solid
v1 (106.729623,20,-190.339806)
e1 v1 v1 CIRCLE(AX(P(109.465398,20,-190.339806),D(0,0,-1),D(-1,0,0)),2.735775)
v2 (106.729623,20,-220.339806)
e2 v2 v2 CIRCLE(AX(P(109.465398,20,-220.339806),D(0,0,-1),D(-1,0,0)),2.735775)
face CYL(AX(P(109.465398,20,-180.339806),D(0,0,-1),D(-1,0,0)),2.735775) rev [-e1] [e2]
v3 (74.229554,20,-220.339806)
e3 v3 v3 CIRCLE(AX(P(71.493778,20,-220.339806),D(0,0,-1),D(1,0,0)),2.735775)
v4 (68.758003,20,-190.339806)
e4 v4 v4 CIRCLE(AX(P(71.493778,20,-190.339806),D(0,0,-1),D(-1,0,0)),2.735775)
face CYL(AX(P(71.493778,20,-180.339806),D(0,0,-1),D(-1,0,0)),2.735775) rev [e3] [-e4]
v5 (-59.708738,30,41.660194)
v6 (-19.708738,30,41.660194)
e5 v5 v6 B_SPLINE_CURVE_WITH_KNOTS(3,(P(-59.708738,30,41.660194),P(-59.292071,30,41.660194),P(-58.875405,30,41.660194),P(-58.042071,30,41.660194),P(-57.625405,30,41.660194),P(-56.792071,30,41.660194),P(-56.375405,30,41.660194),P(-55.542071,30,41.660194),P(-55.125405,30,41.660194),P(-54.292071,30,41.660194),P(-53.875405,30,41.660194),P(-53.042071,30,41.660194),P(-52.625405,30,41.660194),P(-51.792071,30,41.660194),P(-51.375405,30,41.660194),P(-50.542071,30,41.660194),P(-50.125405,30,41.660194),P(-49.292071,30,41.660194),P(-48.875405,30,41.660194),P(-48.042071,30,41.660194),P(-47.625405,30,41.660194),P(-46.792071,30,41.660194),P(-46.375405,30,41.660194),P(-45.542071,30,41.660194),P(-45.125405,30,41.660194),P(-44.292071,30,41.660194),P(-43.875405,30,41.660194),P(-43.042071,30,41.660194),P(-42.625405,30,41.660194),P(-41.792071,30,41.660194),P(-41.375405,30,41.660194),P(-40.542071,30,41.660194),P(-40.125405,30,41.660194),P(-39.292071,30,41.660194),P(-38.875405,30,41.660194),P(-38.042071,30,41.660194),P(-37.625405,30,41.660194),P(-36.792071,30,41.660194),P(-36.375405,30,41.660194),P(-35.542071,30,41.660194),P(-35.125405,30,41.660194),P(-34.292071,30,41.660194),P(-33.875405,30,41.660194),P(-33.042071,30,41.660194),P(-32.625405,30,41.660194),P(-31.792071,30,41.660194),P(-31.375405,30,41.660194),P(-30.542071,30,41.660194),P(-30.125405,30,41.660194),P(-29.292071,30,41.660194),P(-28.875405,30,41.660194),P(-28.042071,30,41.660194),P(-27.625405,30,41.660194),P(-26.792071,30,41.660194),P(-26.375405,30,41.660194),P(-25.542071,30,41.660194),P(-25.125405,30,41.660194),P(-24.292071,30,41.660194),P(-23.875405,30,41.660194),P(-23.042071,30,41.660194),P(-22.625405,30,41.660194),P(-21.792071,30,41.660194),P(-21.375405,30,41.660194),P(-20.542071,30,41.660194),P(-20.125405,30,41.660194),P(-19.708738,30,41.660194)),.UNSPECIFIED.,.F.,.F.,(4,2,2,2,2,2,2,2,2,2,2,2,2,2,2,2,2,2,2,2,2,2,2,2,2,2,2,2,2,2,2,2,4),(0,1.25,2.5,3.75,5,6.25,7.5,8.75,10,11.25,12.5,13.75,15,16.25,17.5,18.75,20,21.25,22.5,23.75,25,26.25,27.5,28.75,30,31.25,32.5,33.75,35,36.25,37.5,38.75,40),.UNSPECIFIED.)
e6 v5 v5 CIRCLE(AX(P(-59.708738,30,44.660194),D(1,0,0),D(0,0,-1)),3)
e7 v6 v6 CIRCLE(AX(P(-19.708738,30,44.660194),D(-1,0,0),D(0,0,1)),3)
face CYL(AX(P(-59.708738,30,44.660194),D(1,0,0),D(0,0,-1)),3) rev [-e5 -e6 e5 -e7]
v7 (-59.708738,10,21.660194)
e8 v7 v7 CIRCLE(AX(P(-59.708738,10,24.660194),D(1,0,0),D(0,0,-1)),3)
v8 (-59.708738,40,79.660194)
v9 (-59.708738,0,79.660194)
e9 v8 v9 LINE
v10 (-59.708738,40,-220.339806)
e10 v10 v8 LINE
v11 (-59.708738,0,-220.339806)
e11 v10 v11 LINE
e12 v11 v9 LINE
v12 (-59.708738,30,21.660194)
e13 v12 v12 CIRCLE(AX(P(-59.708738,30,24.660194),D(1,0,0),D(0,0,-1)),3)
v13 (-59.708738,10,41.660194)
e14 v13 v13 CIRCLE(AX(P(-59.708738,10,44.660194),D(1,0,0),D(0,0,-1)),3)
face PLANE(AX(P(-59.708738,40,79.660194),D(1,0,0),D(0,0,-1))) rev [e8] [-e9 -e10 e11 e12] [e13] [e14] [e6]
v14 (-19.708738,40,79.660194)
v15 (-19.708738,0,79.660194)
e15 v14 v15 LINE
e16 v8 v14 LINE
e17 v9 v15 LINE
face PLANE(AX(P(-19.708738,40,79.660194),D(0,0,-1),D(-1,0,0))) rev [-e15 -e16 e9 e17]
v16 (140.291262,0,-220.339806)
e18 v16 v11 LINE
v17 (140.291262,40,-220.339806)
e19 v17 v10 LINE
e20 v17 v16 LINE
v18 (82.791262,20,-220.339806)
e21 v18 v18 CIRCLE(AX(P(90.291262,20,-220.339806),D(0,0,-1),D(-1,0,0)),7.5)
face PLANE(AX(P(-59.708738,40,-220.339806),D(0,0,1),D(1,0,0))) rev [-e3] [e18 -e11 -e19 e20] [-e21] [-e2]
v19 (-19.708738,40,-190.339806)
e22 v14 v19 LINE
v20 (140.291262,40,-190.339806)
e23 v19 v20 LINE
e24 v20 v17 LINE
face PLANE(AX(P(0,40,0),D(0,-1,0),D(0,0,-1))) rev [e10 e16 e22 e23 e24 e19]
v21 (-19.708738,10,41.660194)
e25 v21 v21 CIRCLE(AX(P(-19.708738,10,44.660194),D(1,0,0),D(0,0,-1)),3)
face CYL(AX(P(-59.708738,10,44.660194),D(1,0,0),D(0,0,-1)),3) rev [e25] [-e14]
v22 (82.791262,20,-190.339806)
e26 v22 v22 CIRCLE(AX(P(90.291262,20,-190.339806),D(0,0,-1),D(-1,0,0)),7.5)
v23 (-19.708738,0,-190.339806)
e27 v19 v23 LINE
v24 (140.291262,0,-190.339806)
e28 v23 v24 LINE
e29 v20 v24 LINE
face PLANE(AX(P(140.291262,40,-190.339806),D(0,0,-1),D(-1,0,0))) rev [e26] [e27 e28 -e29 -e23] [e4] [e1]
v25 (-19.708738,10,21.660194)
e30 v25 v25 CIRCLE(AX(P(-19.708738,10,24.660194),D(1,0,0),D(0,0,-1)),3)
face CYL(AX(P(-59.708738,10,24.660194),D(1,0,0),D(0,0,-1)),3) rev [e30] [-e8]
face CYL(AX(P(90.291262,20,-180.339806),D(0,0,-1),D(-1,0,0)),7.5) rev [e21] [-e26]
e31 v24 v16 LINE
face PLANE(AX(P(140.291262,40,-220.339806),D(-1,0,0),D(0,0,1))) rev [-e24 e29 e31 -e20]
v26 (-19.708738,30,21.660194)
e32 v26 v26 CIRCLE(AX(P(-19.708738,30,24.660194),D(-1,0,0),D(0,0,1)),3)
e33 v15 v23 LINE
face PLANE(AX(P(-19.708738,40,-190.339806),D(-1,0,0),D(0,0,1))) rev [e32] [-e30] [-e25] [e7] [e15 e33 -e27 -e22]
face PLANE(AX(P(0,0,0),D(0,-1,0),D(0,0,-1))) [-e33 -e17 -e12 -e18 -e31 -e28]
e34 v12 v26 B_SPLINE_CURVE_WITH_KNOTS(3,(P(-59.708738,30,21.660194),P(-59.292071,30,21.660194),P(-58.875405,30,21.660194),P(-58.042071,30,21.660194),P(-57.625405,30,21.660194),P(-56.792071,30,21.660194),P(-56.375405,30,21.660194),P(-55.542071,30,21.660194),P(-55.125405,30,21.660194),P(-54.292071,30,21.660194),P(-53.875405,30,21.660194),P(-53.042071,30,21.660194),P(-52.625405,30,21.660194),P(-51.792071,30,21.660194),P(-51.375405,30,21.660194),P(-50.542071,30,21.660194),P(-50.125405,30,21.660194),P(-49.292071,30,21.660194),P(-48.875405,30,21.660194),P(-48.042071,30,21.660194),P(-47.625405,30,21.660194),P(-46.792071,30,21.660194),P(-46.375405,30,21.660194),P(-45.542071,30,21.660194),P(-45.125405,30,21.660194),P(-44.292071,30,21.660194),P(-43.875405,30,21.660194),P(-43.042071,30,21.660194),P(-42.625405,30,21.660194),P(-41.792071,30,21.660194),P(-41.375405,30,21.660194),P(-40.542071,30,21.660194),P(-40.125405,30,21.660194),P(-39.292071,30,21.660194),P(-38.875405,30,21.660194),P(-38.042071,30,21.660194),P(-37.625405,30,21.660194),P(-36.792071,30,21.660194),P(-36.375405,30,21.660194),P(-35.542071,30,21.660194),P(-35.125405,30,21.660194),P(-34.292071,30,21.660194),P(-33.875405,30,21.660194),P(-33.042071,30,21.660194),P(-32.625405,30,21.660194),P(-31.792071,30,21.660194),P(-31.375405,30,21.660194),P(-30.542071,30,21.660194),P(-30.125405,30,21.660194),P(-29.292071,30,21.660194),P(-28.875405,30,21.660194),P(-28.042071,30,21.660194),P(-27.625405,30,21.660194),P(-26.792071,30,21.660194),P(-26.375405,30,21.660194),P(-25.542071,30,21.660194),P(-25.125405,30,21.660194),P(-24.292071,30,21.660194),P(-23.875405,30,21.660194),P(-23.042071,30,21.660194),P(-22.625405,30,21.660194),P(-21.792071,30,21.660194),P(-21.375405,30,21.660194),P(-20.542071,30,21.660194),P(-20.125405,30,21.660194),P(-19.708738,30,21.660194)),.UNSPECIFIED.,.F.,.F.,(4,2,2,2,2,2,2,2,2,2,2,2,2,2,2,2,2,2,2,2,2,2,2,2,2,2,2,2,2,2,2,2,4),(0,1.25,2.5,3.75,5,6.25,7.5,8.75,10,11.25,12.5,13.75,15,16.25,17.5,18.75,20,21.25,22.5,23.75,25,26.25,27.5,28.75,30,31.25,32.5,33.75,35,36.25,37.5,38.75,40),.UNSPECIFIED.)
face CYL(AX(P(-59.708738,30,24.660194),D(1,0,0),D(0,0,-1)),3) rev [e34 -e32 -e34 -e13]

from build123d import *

# Parameters (mm, degrees)
BOSS_EXTRUDE2_DEPTH = 40
SKETCH3_R           = 3
CUT_EXTRUDE1_DEPTH  = 265.256065707
SKETCH4_R           = 3
CUT_EXTRUDE2_DEPTH  = 40
SKETCH5_R           = 7.5
CUT_EXTRUDE3_DEPTH  = 40
SKETCH6_R           = 2.735775354
CUT_EXTRUDE4_DEPTH  = 40


with BuildPart() as part:
    # Sketch2 → Boss-Extrude2 (new body)
    with BuildSketch(Plane(origin=(0, 0, 0), x_dir=(1, 0, 0), z_dir=(0, 1, 0))):
        Polygon((-59.708737864, 220.339805825), (140.291262136, 220.339805825), (140.291262136, 190.339805825), (-19.708737864, 190.339805825), (-19.708737864, -79.660194175), (-59.708737864, -79.660194175), align=None)
    extrude(amount=BOSS_EXTRUDE2_DEPTH)

    # Sketch3 → Cut-Extrude1 (cut, through all)
    with BuildSketch(Plane(origin=(0, 0, 0), x_dir=(0, 0, -1), z_dir=(1, 0, 0))):
        with Locations((-24.660194175, 30)):
            Circle(SKETCH3_R)
        with Locations((-44.660194175, 30)):
            Circle(SKETCH3_R)
    extrude(amount=-CUT_EXTRUDE1_DEPTH, mode=Mode.SUBTRACT)

    # Sketch4 → Cut-Extrude2 (cut)
    with BuildSketch(Plane(origin=(-19.708737864, 0, 0), x_dir=(0, 0, -1), z_dir=(1, 0, 0))):
        with Locations((-44.660194175, 10)):
            Circle(SKETCH4_R)
        with Locations((-24.660194175, 10)):
            Circle(SKETCH4_R)
    extrude(amount=-CUT_EXTRUDE2_DEPTH, mode=Mode.SUBTRACT)

    # Sketch5 → Cut-Extrude3 (cut)
    with BuildSketch(Plane(origin=(0, 0, -220.339805825), x_dir=(-1, 0, 0), z_dir=(0, 0, -1))):
        with Locations((-90.291262136, 20)):
            Circle(SKETCH5_R)
    extrude(amount=-CUT_EXTRUDE3_DEPTH, mode=Mode.SUBTRACT)

    # Sketch6 → Cut-Extrude4 (cut)
    with BuildSketch(Plane(origin=(0, 0, -220.339805825), x_dir=(-1, 0, 0), z_dir=(0, 0, -1))):
        with Locations((-109.465398349, 20)):
            Circle(SKETCH6_R)
        with Locations((-71.49377823, 20)):
            Circle(SKETCH6_R)
    extrude(amount=-CUT_EXTRUDE4_DEPTH, mode=Mode.SUBTRACT)


solid = part.part
